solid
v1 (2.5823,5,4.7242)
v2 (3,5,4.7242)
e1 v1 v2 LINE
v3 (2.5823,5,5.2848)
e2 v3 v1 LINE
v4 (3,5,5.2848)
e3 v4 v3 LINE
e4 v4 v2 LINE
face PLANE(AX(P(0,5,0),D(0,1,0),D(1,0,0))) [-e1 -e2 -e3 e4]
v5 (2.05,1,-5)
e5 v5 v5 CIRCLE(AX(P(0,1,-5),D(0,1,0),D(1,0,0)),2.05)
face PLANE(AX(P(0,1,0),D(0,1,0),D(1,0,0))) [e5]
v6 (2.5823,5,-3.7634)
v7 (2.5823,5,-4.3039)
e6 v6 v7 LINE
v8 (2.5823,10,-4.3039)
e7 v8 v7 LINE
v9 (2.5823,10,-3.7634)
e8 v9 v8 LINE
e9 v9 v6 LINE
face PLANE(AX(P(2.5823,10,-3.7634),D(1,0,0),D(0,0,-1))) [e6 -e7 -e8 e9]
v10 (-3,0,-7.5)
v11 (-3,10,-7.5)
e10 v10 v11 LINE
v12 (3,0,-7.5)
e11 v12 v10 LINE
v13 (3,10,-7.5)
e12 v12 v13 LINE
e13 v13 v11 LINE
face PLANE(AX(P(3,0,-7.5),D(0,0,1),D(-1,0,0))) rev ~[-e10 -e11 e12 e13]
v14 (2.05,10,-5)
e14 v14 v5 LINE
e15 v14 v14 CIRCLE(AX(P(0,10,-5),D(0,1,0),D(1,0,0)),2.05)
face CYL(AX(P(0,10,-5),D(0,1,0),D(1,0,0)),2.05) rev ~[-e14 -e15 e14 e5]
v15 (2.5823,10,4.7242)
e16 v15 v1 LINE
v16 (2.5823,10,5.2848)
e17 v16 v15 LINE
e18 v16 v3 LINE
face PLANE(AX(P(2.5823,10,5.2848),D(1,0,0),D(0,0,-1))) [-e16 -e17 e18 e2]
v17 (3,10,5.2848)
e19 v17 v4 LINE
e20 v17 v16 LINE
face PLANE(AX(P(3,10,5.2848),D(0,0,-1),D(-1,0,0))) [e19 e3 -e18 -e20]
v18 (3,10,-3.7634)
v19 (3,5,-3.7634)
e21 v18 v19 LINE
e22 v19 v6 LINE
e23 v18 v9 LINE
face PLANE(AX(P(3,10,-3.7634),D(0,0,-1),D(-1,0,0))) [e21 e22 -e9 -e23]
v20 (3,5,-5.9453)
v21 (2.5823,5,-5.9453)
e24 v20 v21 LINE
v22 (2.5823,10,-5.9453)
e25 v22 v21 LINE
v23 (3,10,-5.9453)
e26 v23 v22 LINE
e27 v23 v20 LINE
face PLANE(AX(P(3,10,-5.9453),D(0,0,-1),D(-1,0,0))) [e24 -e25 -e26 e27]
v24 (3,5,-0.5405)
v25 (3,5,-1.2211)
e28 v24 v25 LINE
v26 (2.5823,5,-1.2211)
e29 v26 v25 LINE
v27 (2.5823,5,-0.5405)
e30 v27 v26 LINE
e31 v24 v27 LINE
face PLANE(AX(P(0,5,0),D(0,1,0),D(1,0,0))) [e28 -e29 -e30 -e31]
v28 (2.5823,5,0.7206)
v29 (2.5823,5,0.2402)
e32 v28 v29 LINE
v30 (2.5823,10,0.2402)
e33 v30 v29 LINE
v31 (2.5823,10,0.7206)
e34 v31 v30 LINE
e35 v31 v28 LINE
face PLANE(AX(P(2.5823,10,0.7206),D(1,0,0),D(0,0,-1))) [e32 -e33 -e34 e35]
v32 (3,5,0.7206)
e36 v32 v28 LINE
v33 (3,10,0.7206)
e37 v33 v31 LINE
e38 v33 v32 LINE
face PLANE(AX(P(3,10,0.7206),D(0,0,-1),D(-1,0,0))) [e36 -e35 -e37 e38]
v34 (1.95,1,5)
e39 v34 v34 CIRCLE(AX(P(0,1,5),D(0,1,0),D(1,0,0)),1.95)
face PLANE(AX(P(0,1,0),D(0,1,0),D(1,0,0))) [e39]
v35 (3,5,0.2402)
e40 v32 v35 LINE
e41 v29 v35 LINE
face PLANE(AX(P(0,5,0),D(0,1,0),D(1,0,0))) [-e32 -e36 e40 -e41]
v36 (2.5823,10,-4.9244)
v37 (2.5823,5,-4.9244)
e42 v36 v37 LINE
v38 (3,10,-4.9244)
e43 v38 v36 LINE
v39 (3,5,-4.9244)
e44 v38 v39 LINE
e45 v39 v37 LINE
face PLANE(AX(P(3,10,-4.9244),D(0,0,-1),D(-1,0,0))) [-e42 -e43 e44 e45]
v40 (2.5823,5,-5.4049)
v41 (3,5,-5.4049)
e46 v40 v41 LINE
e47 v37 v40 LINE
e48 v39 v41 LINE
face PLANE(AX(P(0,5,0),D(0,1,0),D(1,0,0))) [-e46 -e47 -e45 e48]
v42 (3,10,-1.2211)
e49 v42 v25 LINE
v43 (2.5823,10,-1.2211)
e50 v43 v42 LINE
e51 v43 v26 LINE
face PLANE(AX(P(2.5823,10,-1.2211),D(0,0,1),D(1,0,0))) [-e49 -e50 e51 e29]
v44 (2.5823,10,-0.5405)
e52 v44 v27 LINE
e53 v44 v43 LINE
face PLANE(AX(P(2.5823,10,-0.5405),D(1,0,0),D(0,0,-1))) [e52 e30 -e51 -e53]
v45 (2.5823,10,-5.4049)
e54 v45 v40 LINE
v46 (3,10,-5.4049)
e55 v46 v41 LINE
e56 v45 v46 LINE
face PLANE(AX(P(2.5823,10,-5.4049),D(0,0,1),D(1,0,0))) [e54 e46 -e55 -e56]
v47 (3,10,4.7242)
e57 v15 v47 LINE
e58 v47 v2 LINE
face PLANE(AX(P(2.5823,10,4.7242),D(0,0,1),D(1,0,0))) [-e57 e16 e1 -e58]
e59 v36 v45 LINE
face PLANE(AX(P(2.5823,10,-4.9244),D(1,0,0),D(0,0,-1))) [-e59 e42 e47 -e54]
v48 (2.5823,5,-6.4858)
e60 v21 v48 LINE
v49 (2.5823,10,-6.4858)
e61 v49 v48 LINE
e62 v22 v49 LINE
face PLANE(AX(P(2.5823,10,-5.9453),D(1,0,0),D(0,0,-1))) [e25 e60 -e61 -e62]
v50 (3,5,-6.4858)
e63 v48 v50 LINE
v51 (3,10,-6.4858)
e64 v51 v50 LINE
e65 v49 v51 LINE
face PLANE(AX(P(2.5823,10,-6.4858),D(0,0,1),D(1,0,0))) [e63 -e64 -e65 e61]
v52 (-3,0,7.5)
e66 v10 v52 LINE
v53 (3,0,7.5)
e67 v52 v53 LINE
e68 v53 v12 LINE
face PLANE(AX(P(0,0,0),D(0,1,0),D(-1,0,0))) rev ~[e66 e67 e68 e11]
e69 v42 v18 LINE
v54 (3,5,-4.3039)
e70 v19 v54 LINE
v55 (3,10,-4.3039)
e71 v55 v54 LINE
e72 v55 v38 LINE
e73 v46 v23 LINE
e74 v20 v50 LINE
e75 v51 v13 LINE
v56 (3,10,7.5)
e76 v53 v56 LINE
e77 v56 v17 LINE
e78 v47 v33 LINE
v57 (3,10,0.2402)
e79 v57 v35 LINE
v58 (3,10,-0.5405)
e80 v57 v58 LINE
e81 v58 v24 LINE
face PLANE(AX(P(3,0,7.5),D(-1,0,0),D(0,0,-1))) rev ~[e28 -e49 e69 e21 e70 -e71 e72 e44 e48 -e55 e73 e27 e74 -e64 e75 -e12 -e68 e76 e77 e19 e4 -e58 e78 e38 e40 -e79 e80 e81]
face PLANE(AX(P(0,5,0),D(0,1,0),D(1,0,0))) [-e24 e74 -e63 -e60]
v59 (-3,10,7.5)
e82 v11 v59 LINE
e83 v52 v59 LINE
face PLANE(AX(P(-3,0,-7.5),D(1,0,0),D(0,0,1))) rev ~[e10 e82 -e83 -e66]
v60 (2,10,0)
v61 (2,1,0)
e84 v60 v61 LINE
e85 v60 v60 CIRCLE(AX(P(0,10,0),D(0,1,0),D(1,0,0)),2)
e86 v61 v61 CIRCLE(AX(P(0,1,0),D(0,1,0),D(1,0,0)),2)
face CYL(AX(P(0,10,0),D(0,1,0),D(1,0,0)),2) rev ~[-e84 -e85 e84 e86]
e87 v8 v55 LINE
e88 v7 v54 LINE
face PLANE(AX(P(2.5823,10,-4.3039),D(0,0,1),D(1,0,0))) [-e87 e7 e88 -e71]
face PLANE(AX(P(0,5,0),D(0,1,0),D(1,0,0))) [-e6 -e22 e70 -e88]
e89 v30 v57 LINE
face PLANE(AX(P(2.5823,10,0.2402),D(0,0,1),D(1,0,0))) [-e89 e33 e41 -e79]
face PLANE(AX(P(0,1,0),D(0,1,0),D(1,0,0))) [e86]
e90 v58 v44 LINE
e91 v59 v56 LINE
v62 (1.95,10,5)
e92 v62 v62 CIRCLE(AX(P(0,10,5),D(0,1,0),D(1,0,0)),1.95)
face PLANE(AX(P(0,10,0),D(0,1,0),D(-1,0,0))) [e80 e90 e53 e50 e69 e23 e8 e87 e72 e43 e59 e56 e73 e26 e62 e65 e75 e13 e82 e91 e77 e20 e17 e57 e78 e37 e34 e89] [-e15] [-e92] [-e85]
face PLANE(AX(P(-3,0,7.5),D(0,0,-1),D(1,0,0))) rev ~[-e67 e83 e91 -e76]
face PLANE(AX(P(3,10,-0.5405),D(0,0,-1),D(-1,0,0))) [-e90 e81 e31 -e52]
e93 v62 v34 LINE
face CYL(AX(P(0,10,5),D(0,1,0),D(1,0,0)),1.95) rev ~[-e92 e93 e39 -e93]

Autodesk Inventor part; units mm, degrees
ref_plane "YZ Plane" through (0, 0, 0) normal (1, 0, 0) x (0, 1, 0)
ref_plane "XZ Plane" through (0, 0, 0) normal (0, 1, 0) x (-1, 0, 0)
ref_plane "XY Plane" through (0, 0, 0) normal (0, 0, 1) x (1, 0, 0)
sketch "Szkic1" plane through (0, 0, 0) normal (0, 1, 0) x (-1, 0, 0)
  line L0 (3, 7.5) -> (-3, 7.5)
  line L1 (-3, 7.5) -> (-3, -7.5)
  line L2 (-3, -7.5) -> (3, -7.5)
  line L3 (3, -7.5) -> (3, 7.5)
  point P0 (0, 0)
  point P1 (0, -7.5)
  point P2 (3, 0)
  dimension "d0" = 6
  dimension "d1" = 15
extrude "Wyciągnięcie proste1" add sketch "Szkic1" along normal blind 10
sketch "Szkic2" plane through (0, 10, 0) normal (0, 1, 0) x (1, 0, 0)
  circle A0 centre (0, -5) radius 1.95
  circle A1 centre (0, 0) radius 2
  circle A2 centre (0, 5) radius 2.05
  dimension "d4" = 3.9
  dimension "d5" = 4
  dimension "d6" = 4.1
  dimension "d7" = 5
  dimension "d8" = 5
extrude "Wyciągnięcie proste2" cut sketch "Szkic2" against normal blind 9
sketch "Szkic3" plane through (0, 10, 0) normal (0, 1, 0) x (1, 0, 0)
  line L0 (3, -7.5) -> (3, 7.5) projected
  line L1 (3, -5.2848) -> (2.5823, -5.2848)
  line L2 (2.5823, -5.2848) -> (2.5823, -4.7242)
  line L3 (2.5823, -4.7242) -> (3, -4.7242)
  line L4 (3, -4.7242) -> (3, -5.2848)
  line L5 (3, -0.7206) -> (2.5823, -0.7206)
  line L6 (2.5823, -0.7206) -> (2.5823, -0.2402)
  line L7 (2.5823, -0.2402) -> (3, -0.2402)
  line L8 (3, -0.2402) -> (3, -0.7206)
  line L9 (3, 0.5405) -> (2.5823, 0.5405)
  line L10 (2.5823, 0.5405) -> (2.5823, 1.2211)
  line L11 (2.5823, 1.2211) -> (3, 1.2211)
  line L12 (3, 1.2211) -> (3, 0.5405)
  line L13 (3, 3.7634) -> (2.5823, 3.7634)
  line L14 (2.5823, 3.7634) -> (2.5823, 4.3039)
  line L15 (2.5823, 4.3039) -> (3, 4.3039)
  line L16 (3, 4.3039) -> (3, 3.7634)
  line L17 (3, 4.9244) -> (2.5823, 4.9244)
  line L18 (2.5823, 4.9244) -> (2.5823, 5.4049)
  line L19 (2.5823, 5.4049) -> (3, 5.4049)
  line L20 (3, 5.4049) -> (3, 4.9244)
  line L21 (3, 5.9453) -> (2.5823, 5.9453)
  line L22 (2.5823, 5.9453) -> (2.5823, 6.4858)
  line L23 (2.5823, 6.4858) -> (3, 6.4858)
  line L24 (3, 6.4858) -> (3, 5.9453)
  point P0 (0, 0)
extrude "Wyciągnięcie proste3" cut sketch "Szkic3" against normal blind 5
properties part number "TEST"
